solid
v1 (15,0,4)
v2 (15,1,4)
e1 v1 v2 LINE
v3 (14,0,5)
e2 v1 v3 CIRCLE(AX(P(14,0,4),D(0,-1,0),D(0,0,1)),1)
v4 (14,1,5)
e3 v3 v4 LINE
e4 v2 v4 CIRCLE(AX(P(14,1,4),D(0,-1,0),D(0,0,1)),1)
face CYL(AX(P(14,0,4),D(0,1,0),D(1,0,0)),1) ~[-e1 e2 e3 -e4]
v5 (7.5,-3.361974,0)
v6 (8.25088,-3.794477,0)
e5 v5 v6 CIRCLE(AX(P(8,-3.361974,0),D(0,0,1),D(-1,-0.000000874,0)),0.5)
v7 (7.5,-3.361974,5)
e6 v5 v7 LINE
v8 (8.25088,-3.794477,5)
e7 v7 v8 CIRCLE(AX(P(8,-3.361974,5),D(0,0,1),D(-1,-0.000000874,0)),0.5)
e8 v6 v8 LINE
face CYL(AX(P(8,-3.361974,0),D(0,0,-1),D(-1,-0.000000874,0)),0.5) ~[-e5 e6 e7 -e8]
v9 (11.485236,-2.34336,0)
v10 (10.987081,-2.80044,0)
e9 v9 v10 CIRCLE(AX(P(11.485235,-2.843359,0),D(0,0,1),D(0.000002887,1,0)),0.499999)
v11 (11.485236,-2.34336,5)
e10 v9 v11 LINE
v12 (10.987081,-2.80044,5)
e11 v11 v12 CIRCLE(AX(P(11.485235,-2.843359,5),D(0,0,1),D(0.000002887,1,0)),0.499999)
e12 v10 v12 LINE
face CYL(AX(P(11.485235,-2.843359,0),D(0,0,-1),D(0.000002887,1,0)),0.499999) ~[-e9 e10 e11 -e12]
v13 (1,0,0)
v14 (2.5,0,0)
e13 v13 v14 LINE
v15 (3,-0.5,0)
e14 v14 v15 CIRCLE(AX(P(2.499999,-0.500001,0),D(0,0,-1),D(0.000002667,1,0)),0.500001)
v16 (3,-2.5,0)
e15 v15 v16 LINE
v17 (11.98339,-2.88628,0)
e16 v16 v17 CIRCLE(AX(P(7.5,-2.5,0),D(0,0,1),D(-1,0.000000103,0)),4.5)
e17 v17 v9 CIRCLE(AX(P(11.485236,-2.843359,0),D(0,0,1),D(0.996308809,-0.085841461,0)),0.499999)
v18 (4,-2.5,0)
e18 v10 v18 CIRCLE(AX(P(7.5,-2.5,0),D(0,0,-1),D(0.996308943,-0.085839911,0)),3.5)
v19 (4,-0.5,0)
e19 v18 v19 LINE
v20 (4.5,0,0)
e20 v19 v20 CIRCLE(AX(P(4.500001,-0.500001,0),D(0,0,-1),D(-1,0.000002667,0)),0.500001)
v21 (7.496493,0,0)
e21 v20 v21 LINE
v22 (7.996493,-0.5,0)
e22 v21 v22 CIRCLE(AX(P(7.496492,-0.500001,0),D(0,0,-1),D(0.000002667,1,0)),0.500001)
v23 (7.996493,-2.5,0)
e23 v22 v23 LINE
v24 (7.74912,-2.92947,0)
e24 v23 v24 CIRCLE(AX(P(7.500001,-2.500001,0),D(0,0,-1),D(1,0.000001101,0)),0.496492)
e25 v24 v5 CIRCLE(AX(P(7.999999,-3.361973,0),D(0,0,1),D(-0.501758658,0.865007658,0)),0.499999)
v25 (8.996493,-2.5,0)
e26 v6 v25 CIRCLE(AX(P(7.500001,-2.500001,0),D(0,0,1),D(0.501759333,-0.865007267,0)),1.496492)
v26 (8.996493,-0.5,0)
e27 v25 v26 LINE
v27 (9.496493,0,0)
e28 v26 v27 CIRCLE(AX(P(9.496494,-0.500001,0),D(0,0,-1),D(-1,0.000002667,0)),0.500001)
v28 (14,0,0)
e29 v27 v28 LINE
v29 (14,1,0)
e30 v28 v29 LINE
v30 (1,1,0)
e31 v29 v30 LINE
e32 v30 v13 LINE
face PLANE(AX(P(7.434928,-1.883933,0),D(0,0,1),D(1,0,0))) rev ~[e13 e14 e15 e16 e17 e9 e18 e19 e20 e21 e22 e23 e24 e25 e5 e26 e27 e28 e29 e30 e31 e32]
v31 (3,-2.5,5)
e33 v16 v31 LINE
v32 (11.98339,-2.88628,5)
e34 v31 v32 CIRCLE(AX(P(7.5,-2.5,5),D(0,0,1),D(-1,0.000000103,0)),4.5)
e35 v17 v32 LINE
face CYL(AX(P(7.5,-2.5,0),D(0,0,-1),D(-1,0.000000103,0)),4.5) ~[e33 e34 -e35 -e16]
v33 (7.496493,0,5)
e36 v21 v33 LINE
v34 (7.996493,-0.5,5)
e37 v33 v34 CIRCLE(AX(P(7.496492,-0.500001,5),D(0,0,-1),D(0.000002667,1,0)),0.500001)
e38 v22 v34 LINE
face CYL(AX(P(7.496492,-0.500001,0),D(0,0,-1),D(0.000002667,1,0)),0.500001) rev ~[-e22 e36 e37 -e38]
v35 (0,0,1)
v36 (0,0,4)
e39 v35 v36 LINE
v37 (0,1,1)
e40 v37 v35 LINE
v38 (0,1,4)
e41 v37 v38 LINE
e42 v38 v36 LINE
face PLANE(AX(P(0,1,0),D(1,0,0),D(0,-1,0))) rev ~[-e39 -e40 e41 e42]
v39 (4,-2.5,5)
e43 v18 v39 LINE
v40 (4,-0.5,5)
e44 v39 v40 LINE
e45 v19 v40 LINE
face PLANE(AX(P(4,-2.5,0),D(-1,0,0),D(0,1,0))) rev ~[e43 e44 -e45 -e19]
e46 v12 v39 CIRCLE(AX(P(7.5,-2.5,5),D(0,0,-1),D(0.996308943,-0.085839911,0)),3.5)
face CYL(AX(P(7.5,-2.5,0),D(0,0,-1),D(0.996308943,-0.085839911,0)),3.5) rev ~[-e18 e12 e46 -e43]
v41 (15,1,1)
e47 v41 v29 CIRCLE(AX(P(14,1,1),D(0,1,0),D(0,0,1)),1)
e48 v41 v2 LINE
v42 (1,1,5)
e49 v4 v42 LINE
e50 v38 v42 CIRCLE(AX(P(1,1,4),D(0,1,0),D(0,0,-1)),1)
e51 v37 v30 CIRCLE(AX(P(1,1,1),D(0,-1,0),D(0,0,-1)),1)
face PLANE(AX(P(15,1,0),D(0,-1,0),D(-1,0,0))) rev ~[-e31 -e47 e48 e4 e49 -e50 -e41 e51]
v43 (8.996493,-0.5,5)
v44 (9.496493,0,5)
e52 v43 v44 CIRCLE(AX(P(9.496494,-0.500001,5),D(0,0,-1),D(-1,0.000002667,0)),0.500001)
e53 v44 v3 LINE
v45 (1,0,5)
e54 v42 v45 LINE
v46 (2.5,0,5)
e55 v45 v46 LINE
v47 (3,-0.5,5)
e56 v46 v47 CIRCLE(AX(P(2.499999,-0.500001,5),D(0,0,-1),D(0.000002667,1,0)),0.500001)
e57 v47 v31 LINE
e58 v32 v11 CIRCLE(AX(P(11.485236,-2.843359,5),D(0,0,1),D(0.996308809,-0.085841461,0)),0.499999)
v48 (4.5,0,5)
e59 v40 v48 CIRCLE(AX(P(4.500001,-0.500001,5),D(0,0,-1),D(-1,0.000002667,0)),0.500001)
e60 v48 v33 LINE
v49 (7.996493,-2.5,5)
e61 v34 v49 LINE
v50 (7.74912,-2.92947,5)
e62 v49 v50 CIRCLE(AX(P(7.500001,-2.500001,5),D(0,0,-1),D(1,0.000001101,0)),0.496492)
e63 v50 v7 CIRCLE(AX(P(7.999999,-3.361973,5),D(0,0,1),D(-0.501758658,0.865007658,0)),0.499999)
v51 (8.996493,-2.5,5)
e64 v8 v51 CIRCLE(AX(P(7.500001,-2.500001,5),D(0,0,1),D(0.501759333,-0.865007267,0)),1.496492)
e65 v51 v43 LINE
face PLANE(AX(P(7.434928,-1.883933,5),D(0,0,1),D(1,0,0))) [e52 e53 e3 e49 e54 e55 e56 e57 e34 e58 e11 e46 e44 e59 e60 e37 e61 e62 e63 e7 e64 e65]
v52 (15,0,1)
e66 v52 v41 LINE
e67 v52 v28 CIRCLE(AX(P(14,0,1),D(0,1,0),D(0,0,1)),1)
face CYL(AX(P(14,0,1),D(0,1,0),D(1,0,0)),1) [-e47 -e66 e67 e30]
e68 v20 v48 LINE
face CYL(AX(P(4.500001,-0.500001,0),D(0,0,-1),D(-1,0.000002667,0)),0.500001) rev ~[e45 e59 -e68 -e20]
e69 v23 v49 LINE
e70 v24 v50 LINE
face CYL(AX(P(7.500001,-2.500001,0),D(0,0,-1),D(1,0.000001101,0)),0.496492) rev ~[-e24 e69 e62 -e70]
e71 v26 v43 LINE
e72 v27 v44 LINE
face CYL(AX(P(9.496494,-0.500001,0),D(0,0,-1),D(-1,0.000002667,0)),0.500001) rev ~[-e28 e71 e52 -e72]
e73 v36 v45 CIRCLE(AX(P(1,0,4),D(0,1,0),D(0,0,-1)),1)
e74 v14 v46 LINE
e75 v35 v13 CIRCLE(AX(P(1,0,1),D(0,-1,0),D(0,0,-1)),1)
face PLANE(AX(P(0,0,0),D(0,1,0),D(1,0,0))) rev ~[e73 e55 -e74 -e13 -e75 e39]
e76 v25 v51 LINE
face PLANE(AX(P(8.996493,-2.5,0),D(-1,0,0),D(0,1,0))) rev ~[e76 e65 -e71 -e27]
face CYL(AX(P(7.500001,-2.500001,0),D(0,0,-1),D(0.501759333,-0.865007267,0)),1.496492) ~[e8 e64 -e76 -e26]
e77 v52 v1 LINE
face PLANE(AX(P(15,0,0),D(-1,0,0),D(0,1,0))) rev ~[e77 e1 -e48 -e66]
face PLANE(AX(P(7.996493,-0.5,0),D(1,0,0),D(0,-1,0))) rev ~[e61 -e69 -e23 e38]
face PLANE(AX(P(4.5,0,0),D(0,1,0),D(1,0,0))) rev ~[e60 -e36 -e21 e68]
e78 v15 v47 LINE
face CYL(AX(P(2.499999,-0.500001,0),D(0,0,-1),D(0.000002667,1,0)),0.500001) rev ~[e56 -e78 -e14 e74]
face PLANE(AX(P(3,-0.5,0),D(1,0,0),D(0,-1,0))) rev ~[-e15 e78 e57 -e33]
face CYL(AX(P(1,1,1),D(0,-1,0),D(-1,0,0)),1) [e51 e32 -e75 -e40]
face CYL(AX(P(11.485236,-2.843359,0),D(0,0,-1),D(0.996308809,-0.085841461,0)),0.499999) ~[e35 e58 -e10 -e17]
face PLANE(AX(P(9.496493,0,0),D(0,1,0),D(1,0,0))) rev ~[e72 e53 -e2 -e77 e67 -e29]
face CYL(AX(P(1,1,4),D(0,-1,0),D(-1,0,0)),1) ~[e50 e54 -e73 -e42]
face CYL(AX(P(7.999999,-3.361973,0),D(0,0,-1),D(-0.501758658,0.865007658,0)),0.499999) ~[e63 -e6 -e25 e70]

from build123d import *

# Parameters (mm, degrees)
F1_DEPTH = 5
F2_R     = 1


with BuildPart() as f1:
    # F0 (on Top) → F1 (new body)
    with BuildSketch(Plane.XY):
        with BuildLine():
            ThreePointArc((4, -0.5), (4.146447, -0.146447), (4.5, 0))
            Line((4.5, 0), (7.496493, 0))
            ThreePointArc((7.496493, 0), (7.850046, -0.146447), (7.996493, -0.5))
            Line((7.996493, -0.5), (7.996493, -2.5))
            ThreePointArc((7.996493, -2.5), (7.930228, -2.747809), (7.74912, -2.92947))
            ThreePointArc((7.74912, -2.92947), (7.566733, -3.112414), (7.5, -3.361974))
            ThreePointArc((7.5, -3.361974), (7.75044, -3.79524), (8.25088, -3.794477))
            ThreePointArc((8.25088, -3.794477), (8.796761, -3.246929), (8.996493, -2.5))
            Line((8.996493, -2.5), (8.996493, -0.5))
            ThreePointArc((8.996493, -0.5), (9.14294, -0.146447), (9.496493, 0))
            Line((9.496493, 0), (15, 0))
            Line((15, 0), (15, 1))
            Line((15, 1), (0, 1))
            Line((0, 1), (0, 0))
            Line((0, 0), (2.5, 0))
            ThreePointArc((2.5, 0), (2.853553, -0.146447), (3, -0.5))
            Line((3, -0.5), (3, -2.5))
            ThreePointArc((3, -2.5), (7.306682, -6.995846), (11.98339, -2.88628))
            ThreePointArc((11.98339, -2.88628), (11.853651, -2.505321), (11.485236, -2.34336))
            ThreePointArc((11.485236, -2.34336), (11.147197, -2.474944), (10.987081, -2.80044))
            ThreePointArc((10.987081, -2.80044), (7.349641, -5.996769), (4, -2.5))
            Line((4, -2.5), (4, -0.5))
        make_face()
    extrude(amount=F1_DEPTH)

    # F2
    f2_edges = [f1.edges().sort_by_distance(p)[0] for p in [
        (15, 0.5, 5),
        (15, 0.5, 0),
        (0, 0.5, 5),
        (0, 0.5, 0),
    ]]
    fillet(f2_edges, radius=F2_R)


solid = f1.part
